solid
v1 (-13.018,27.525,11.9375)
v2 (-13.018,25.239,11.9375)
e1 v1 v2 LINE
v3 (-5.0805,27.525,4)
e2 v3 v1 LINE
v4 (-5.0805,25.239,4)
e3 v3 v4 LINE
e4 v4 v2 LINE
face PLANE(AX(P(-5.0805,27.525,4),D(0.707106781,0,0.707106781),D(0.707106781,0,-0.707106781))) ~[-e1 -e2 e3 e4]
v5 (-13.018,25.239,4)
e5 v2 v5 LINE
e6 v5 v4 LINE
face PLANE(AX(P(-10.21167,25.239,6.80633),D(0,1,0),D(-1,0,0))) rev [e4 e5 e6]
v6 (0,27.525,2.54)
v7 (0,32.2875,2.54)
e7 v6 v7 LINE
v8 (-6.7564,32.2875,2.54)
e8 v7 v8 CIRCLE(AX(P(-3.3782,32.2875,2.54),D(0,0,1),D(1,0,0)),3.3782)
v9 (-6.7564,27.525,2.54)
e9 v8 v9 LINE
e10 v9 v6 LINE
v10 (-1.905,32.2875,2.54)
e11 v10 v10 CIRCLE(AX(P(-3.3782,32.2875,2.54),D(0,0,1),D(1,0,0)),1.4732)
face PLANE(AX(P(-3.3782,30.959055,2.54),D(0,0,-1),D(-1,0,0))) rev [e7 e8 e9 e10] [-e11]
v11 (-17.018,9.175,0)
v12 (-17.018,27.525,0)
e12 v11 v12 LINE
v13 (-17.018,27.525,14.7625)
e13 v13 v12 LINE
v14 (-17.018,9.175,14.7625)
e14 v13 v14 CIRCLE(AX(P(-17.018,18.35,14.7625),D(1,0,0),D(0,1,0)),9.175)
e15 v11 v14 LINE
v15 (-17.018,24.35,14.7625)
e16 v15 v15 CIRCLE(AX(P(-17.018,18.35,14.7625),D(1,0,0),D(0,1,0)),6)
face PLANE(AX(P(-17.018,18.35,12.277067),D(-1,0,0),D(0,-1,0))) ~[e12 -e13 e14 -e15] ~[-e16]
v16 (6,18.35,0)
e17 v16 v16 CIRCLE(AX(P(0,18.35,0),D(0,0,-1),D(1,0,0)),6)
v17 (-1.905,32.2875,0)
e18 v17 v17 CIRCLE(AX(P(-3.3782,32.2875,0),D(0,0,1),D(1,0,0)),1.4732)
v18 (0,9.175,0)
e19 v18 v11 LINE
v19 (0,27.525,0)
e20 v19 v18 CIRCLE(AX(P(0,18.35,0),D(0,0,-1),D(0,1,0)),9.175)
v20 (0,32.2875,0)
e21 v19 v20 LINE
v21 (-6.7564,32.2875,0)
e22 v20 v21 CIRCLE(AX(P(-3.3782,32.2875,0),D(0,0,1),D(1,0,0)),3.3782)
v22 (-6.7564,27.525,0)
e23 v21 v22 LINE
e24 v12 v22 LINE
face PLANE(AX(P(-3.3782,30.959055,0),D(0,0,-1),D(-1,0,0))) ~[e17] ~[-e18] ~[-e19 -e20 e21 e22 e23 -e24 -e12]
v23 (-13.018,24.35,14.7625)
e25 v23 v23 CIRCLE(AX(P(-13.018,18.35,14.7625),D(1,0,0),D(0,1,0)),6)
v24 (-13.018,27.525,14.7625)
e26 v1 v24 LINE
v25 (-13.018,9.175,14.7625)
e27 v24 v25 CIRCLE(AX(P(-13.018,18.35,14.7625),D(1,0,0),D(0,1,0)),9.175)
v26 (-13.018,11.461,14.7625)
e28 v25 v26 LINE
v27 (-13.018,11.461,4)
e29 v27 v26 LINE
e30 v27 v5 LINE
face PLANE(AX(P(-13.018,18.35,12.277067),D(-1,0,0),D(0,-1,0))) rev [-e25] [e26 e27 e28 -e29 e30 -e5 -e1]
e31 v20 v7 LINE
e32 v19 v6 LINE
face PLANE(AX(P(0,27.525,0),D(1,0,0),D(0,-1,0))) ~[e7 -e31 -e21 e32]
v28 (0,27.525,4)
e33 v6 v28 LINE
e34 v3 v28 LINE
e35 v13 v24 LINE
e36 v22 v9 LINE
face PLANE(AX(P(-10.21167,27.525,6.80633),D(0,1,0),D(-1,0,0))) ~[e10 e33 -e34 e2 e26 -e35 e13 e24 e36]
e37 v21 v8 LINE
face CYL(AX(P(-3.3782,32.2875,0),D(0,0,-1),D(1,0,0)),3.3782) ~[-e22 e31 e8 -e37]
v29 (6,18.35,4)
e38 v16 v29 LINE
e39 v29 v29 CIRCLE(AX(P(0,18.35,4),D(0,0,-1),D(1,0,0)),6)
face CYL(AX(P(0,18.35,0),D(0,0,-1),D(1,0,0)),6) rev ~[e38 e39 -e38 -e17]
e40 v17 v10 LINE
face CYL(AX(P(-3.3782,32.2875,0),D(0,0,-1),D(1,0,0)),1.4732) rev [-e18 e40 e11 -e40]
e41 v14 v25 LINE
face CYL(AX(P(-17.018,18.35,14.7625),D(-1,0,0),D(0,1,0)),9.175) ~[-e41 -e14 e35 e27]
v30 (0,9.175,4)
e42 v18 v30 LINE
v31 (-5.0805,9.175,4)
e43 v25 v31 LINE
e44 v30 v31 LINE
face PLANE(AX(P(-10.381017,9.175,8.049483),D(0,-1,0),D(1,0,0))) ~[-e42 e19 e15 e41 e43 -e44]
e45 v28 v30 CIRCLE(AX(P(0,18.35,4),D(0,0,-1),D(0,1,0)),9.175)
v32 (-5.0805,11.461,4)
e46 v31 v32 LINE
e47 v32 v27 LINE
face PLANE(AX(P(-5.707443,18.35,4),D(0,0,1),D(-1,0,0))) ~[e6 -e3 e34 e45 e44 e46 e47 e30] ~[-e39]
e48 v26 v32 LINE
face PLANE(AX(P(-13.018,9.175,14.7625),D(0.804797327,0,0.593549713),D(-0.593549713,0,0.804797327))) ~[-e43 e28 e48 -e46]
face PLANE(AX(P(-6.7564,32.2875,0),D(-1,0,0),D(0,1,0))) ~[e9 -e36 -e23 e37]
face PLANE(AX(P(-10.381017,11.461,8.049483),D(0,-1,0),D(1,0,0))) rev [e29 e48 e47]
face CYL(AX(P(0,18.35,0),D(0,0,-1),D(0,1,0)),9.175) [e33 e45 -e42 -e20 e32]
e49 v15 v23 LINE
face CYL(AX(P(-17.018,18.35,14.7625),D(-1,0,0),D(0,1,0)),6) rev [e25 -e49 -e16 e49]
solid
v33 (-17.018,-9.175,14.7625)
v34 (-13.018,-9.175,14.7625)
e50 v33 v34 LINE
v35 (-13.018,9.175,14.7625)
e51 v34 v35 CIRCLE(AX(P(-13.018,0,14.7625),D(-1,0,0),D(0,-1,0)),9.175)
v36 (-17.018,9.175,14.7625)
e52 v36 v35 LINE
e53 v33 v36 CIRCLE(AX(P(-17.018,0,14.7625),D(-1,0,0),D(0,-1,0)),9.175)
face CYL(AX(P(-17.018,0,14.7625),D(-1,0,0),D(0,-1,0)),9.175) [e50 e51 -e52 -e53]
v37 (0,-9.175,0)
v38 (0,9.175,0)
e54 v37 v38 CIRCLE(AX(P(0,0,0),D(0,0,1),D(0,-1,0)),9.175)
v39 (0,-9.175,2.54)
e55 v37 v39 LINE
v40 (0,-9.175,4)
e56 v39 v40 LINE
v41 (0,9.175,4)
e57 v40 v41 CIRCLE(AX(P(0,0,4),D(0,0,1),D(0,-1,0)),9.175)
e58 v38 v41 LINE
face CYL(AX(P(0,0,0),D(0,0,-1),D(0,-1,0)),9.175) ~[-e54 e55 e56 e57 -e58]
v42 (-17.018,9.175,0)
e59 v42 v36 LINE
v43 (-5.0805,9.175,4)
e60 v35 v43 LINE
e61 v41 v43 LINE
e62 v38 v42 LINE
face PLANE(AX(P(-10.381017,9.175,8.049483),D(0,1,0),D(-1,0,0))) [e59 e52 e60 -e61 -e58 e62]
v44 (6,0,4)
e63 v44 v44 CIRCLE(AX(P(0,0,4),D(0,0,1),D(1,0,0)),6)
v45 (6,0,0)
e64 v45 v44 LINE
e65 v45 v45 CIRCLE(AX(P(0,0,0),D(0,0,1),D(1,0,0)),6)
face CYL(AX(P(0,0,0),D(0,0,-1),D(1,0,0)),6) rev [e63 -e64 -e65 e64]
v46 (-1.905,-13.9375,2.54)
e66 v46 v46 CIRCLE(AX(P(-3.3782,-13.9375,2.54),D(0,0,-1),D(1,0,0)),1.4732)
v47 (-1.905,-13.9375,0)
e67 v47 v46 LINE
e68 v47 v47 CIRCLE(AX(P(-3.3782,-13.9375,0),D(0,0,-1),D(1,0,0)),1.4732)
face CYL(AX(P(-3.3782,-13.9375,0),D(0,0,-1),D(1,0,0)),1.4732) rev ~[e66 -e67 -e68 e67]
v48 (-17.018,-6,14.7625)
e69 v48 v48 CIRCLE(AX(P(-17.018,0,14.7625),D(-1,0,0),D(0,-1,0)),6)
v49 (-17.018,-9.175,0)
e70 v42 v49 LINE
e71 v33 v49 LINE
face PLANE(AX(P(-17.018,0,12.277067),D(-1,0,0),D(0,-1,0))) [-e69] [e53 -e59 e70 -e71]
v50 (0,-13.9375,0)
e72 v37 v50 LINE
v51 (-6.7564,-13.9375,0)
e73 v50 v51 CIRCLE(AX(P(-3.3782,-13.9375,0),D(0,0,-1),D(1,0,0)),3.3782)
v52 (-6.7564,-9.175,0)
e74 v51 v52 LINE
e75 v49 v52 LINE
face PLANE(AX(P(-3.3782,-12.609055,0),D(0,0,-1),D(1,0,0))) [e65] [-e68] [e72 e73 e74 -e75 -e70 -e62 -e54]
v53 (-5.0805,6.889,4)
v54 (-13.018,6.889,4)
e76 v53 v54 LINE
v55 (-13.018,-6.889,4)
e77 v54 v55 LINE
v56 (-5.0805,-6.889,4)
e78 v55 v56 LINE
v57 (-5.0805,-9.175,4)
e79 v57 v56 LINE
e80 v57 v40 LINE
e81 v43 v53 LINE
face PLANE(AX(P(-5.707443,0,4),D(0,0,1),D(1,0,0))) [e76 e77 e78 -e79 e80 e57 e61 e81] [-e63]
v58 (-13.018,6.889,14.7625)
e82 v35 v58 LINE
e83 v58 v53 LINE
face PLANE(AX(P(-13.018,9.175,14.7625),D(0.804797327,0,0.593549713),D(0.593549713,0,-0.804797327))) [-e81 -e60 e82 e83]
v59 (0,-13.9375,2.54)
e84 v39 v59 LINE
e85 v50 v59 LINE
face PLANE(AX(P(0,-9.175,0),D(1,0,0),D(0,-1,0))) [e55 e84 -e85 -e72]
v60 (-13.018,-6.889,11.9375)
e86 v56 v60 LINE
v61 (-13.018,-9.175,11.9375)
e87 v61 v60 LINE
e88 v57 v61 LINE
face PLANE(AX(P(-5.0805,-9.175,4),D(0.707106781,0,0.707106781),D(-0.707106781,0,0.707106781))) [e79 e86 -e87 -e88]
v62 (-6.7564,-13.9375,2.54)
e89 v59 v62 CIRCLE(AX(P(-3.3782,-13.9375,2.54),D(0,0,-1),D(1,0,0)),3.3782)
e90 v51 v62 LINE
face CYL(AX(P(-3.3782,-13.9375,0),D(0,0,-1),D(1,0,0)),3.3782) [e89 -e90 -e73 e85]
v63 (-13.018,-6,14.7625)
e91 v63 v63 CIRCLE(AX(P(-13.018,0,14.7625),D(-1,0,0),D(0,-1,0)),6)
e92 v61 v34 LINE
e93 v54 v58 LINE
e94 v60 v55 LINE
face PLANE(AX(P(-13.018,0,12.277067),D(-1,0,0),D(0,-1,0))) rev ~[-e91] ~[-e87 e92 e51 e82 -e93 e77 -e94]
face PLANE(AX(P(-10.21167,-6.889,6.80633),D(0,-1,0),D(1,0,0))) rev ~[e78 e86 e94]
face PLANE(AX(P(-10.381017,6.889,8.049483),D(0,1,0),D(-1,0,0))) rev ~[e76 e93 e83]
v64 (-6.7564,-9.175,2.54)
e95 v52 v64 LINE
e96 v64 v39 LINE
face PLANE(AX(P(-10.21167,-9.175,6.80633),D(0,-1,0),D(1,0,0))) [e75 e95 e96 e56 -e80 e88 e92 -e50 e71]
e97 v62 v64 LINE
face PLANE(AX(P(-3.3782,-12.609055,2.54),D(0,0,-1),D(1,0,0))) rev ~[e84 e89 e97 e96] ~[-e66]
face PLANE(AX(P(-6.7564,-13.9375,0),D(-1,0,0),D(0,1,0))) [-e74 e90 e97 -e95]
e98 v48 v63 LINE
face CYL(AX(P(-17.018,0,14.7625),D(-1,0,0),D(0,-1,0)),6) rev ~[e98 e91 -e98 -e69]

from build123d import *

# Parameters (mm, degrees)
F0_R     = 6
F1_DEPTH = 4
F2_R     = 6
F3_DEPTH = 4
F5_DEPTH = 2.286
F7_DEPTH = 2.286
F8_R     = 1.4732
F9_DEPTH = 2.54


with BuildPart() as f1:
    # F0 (on Top) → F1 (new body)
    with BuildSketch(Plane.XY):
        with BuildLine():
            ThreePointArc((0, -9.175), (9.175, 0), (0, 9.175))
            Line((0, 9.175), (-17.018, 9.175))
            Line((-17.018, 9.175), (-17.018, -9.175))
            Line((-17.018, -9.175), (0, -9.175))
        make_face()
        Circle(F0_R, mode=Mode.SUBTRACT)
    extrude(amount=F1_DEPTH)

    # F2 (on face) → F3 (join)
    with BuildSketch(Plane(origin=(-17.018, 0, 0), x_dir=(0, -1, 0), z_dir=(-1, 0, 0))):
        with BuildLine():
            ThreePointArc((9.175, 14.7625), (0, 23.9375), (-9.175, 14.7625))
            Line((-9.175, 14.7625), (-9.175, 4))
            Line((-9.175, 4), (9.175, 4))
            Line((9.175, 4), (9.175, 14.7625))
        make_face()
        with Locations((0, 14.7625)):
            Circle(F2_R, mode=Mode.SUBTRACT)
    extrude(amount=-F3_DEPTH)

    # F4 (on face) → F5 (join)
    with BuildSketch(Plane.XZ.offset(9.175)):
        Polygon((-5.0805, 4), (-13.018, 11.9375), (-13.018, 4), align=None)
    extrude(amount=-F5_DEPTH)

    # F6 (on face) → F7 (join)
    with BuildSketch(Plane(origin=(0, 9.175, 0), x_dir=(-1, 0, 0), z_dir=(0, 1, 0))):
        Polygon((13.018, 4), (13.018, 14.7625), (5.0805, 4), align=None)
    extrude(amount=-F7_DEPTH)

    # F8 (on face) → F9 (join)
    with BuildSketch(Plane(origin=(0, 0, 0), x_dir=(1, 0, 0), z_dir=(0, 0, -1))):
        with BuildLine():
            ThreePointArc((0, 13.9375), (-3.3782, 17.3157), (-6.7564, 13.9375))
            Line((-6.7564, 13.9375), (-6.7564, 9.175))
            Line((-6.7564, 9.175), (0, 9.175))
            Line((0, 9.175), (0, 13.9375))
        make_face()
        with Locations((-3.3782, 13.9375)):
            Circle(F8_R, mode=Mode.SUBTRACT)
    extrude(amount=-F9_DEPTH)


with BuildPart() as f10_1:
    # F10: instance of F1
    add(f1.part.mirror(Plane(origin=(-10.847828, 9.175, 5.617012), x_dir=(-1, 0, 0), z_dir=(0, 1, 0))))


solid = Compound([f1.part, f10_1.part])
